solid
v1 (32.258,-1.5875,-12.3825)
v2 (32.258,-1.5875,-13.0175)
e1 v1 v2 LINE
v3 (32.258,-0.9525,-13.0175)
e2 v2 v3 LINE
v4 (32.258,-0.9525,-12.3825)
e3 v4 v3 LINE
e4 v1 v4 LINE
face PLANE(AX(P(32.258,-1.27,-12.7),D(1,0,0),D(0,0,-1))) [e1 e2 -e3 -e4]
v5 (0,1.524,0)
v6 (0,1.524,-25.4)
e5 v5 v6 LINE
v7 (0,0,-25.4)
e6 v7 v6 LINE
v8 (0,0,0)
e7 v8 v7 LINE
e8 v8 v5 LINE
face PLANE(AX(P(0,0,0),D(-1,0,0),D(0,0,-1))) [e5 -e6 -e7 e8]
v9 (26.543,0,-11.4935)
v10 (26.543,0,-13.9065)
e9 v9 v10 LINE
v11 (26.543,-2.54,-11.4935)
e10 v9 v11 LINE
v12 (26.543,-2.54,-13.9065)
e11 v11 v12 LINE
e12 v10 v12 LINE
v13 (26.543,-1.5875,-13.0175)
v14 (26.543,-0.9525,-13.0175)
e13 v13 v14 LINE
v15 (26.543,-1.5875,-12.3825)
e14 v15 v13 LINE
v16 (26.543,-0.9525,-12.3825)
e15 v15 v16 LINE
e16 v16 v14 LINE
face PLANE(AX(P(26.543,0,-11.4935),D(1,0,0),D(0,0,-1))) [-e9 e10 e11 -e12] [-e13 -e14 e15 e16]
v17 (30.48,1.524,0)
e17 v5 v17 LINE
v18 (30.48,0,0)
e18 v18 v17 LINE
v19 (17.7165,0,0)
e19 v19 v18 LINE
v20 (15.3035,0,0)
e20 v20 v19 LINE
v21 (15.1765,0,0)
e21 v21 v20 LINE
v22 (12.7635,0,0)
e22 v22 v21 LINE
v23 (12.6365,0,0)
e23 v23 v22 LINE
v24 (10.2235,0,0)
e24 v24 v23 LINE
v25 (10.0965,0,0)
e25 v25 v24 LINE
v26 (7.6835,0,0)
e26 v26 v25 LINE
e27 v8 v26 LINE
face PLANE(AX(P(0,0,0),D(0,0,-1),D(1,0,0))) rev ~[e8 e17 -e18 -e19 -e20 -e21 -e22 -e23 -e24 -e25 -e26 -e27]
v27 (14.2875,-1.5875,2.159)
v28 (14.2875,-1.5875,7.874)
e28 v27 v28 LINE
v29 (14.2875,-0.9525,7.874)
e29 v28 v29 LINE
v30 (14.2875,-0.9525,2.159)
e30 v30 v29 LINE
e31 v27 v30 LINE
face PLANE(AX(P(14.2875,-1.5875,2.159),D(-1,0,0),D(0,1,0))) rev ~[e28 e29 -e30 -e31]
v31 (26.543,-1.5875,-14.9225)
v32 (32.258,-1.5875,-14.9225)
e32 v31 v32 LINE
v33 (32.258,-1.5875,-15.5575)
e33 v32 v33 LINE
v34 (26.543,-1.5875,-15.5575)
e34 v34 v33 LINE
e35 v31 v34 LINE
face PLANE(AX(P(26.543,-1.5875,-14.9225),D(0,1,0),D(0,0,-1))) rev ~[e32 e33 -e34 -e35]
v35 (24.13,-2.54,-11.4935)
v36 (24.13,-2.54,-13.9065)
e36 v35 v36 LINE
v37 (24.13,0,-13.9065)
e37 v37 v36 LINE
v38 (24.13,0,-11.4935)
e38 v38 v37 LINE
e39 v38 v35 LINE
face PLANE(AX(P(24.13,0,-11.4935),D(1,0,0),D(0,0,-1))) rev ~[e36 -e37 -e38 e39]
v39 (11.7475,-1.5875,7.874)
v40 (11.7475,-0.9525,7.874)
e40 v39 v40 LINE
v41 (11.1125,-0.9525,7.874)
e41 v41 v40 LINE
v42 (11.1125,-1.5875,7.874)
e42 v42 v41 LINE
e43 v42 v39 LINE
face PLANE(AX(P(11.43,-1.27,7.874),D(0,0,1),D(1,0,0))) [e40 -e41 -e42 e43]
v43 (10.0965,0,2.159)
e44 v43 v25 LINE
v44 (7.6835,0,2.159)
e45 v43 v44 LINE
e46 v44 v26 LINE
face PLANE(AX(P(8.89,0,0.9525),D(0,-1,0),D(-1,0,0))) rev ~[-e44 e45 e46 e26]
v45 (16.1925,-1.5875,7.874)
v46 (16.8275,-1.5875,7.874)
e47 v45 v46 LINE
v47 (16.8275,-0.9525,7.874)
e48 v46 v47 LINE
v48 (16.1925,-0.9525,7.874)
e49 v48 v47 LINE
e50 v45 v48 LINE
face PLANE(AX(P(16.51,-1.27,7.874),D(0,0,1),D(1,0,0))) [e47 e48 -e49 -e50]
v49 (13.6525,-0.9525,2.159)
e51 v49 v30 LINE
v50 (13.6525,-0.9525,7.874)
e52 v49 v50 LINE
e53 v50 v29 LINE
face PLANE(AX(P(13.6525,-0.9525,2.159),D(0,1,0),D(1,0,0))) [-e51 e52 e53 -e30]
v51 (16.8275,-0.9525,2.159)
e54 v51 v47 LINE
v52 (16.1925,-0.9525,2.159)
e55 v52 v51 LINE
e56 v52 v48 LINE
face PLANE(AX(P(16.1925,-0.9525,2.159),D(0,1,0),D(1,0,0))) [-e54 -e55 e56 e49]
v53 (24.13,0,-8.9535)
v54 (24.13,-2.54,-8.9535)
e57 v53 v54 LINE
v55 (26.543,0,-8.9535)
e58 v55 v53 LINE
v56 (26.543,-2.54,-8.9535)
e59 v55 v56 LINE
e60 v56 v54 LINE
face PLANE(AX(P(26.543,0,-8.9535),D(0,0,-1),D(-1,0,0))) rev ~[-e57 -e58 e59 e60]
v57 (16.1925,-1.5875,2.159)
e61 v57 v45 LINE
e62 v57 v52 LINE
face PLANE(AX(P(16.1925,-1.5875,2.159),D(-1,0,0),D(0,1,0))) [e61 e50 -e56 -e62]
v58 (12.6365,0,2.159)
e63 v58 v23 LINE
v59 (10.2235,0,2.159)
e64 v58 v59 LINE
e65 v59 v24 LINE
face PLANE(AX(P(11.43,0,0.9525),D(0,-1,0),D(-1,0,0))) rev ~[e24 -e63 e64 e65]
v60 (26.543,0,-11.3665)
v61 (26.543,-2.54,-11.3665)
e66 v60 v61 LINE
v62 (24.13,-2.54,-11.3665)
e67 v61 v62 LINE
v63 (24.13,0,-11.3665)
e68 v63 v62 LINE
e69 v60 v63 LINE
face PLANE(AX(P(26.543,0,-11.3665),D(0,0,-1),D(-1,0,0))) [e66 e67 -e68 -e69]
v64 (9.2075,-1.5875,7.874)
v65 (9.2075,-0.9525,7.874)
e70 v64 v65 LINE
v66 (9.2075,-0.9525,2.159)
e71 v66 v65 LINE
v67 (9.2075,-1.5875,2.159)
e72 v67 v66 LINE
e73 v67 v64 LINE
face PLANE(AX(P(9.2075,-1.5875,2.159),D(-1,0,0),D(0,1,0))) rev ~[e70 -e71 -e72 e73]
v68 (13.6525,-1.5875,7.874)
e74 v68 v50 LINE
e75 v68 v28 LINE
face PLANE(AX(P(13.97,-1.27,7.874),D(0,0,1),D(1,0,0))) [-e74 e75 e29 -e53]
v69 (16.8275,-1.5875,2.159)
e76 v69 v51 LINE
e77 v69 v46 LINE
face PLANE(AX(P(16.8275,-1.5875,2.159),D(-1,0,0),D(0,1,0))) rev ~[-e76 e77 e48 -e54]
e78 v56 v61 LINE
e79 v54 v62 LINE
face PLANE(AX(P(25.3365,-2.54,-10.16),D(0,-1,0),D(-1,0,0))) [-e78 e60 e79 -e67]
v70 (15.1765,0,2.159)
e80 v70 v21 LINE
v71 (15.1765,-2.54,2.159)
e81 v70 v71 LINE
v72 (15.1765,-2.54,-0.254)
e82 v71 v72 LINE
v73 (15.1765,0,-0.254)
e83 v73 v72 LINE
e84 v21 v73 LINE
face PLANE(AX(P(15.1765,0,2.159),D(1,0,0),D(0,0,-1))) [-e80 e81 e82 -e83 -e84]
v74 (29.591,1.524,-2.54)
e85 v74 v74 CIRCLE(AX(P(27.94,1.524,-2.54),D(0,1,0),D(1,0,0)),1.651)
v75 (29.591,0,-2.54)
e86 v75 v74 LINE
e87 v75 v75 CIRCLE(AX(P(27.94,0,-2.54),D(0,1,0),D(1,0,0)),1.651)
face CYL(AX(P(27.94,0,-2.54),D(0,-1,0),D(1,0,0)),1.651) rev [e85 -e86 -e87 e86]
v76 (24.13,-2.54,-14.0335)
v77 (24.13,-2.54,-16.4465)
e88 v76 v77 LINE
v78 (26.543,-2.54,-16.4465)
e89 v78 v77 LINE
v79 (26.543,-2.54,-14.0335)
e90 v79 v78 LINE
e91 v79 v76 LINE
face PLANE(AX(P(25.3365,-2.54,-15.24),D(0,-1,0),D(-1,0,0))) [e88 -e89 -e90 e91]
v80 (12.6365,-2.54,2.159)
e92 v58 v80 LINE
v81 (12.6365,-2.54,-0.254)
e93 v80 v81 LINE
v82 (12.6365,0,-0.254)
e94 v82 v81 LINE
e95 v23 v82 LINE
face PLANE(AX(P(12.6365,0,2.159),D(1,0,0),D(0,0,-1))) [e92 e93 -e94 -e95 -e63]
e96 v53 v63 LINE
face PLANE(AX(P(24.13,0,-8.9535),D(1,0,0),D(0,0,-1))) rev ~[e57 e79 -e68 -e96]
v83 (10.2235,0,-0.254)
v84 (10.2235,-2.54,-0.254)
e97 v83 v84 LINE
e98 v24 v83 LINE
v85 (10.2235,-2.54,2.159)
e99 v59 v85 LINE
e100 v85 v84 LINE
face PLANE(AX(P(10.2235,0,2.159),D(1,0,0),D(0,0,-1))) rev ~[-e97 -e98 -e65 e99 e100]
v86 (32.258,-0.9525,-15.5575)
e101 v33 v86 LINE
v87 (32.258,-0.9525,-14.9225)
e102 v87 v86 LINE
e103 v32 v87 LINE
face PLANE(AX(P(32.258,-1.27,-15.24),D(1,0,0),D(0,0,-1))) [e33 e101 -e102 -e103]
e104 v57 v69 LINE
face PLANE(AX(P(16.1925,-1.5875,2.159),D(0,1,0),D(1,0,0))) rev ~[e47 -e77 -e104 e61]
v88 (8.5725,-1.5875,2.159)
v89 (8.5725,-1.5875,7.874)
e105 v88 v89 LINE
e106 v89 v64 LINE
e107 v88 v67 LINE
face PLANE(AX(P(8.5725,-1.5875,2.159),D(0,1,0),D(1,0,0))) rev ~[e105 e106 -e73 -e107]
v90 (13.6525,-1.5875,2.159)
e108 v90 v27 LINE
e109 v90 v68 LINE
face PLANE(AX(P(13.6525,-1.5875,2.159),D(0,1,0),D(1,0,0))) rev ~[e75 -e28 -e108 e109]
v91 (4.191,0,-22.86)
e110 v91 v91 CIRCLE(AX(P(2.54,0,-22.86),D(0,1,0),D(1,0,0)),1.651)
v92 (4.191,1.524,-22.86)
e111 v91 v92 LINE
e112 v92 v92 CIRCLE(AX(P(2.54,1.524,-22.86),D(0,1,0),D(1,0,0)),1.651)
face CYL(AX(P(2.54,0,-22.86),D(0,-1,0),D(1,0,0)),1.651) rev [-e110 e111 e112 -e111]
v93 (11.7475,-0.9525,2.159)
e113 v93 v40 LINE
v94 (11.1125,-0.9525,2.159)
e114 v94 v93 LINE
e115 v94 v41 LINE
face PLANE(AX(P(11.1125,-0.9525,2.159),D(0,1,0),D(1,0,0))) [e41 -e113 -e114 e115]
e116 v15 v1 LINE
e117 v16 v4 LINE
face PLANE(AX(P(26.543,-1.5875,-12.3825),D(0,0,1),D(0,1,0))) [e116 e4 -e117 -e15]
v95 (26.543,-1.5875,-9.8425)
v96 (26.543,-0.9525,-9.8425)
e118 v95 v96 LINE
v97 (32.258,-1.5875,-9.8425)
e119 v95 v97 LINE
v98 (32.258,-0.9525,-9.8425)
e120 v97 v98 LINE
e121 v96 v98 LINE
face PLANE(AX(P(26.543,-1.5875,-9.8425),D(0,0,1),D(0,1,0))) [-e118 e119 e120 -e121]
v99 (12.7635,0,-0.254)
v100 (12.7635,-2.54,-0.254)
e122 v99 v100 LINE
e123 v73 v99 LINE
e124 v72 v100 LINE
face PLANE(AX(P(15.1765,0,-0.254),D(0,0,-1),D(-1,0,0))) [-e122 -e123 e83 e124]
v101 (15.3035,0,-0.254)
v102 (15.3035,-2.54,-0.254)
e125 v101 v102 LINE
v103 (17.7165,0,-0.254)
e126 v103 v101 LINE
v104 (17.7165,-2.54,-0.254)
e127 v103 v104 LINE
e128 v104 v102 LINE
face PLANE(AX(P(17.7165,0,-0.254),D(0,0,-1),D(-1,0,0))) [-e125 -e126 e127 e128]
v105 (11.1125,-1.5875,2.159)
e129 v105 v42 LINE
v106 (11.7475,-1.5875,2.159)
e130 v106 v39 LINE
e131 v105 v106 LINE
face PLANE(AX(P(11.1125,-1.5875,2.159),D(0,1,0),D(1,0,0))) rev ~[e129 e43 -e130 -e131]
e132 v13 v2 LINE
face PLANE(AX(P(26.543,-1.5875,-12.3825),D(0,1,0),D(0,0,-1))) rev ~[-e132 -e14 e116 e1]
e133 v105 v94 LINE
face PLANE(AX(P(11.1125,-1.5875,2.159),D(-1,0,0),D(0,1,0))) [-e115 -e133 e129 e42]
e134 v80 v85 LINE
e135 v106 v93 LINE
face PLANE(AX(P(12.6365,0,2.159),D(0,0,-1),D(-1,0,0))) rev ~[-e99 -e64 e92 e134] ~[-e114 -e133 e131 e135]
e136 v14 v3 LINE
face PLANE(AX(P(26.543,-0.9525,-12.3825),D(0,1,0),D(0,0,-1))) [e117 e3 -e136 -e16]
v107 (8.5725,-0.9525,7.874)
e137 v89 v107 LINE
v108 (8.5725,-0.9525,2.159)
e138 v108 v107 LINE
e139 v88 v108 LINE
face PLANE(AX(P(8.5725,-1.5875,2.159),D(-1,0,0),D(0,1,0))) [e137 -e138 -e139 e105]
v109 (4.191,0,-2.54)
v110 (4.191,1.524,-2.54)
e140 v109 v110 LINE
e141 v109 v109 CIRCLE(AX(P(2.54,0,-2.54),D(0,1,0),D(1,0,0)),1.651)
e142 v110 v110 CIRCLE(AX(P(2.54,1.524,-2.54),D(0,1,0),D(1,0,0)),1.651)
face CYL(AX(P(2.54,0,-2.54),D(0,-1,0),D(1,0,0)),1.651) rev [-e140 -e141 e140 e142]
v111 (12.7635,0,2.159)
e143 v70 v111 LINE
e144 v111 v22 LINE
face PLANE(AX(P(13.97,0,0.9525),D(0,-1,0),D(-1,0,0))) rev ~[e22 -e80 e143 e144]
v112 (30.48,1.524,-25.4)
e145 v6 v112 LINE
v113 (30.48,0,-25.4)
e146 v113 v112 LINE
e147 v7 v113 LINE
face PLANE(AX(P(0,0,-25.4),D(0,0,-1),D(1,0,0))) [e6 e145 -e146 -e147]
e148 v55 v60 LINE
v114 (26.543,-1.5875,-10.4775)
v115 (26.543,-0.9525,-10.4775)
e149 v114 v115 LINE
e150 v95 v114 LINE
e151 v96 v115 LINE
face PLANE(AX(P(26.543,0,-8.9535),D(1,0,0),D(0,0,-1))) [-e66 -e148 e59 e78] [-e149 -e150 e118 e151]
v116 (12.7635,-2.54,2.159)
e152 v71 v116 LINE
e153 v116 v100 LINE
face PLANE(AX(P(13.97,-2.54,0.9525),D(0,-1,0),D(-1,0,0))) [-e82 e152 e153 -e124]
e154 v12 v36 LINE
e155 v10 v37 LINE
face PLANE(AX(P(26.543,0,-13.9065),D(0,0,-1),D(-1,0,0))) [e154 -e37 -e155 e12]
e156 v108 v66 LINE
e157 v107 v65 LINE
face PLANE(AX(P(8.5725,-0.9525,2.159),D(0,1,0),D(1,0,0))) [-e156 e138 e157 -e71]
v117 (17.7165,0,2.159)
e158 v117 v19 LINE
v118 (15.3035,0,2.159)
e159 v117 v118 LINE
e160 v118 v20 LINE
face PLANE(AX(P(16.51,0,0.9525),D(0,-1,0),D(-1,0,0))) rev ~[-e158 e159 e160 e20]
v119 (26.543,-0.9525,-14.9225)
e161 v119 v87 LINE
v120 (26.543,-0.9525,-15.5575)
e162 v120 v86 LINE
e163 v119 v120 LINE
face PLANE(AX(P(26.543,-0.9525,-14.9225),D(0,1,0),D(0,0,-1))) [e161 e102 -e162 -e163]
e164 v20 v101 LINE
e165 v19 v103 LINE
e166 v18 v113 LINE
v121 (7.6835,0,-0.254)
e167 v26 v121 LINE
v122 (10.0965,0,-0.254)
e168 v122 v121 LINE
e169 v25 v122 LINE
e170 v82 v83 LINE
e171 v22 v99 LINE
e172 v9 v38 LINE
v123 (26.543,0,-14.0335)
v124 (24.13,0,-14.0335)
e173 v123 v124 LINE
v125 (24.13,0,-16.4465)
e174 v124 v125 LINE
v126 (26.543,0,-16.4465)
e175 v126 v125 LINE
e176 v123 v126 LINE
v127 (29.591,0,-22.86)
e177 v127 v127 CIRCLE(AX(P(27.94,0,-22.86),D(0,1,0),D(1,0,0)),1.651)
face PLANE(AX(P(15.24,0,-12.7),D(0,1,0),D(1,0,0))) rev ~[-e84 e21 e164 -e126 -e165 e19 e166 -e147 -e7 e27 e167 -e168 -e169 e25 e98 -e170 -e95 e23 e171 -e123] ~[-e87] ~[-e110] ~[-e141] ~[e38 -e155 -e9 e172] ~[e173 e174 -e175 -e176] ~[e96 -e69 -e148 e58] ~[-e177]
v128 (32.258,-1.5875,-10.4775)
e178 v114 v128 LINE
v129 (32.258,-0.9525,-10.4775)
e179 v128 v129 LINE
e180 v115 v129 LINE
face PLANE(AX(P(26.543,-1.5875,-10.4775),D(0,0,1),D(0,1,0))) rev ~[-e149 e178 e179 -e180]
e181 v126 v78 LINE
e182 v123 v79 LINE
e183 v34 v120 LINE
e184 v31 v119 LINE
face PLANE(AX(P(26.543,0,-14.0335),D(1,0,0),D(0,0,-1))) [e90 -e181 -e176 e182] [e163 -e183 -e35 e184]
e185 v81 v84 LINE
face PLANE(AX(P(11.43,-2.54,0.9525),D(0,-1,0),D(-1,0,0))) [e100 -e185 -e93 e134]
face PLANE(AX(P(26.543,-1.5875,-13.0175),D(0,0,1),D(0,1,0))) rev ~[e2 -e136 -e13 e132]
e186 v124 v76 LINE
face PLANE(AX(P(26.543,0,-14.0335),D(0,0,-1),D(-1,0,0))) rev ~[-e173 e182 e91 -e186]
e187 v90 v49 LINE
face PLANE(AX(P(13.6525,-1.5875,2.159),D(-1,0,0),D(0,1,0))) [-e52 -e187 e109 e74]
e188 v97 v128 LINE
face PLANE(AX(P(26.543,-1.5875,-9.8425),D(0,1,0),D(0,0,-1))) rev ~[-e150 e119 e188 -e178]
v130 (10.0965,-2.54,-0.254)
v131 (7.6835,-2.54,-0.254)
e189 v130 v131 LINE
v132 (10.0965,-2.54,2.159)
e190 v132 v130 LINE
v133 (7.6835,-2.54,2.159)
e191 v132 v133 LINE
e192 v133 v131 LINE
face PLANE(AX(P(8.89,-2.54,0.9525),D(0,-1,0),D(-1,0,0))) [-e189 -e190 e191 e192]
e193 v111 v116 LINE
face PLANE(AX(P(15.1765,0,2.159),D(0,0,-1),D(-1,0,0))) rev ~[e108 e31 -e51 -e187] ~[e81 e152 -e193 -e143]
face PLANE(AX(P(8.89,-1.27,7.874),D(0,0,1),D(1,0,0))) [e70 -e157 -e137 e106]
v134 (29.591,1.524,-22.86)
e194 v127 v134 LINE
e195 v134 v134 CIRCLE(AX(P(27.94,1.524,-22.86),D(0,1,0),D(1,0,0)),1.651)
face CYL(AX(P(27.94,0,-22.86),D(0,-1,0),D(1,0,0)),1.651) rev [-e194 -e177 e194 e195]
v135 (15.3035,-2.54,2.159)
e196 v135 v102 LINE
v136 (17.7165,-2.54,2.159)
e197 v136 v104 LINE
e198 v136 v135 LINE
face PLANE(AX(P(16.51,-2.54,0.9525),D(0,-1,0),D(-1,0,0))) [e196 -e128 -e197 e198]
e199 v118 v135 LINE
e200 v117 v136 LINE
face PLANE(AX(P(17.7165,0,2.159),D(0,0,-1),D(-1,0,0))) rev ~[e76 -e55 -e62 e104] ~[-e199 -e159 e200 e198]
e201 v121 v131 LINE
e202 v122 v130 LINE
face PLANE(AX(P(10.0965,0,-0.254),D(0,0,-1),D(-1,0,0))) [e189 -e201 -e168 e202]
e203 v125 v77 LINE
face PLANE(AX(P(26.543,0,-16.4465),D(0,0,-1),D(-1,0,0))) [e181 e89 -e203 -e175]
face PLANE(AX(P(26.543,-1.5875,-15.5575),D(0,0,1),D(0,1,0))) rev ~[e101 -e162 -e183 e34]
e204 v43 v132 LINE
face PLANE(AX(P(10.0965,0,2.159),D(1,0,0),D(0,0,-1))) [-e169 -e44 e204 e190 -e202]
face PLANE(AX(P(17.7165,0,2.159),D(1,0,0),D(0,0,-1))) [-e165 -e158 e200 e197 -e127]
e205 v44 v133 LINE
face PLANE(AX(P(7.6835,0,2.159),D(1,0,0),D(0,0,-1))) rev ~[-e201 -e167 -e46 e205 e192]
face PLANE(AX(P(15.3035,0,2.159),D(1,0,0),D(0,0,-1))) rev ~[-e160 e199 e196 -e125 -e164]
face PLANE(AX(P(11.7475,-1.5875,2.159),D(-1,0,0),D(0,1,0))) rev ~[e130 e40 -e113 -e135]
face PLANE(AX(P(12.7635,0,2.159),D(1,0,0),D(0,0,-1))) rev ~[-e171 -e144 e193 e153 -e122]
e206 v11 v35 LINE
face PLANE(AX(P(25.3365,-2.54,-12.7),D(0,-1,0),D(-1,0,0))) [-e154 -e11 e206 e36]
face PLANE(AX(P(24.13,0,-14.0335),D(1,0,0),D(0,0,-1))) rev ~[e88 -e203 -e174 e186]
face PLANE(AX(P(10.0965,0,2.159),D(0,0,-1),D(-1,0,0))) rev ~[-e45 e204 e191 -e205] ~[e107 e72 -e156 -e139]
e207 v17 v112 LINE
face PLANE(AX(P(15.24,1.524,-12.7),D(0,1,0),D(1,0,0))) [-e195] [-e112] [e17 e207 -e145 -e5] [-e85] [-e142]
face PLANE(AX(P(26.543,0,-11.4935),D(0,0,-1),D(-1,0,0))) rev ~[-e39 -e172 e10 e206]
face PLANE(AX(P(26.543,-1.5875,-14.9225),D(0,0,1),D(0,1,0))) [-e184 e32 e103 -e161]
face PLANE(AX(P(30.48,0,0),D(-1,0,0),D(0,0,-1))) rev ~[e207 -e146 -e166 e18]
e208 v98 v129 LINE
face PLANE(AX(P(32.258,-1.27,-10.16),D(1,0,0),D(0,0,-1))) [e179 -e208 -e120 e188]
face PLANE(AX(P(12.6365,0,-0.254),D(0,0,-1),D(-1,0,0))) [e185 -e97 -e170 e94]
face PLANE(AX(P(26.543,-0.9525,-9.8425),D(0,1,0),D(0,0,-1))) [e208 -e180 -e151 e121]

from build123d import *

# Parameters (mm, degrees)
SKETCH1_W           = 30.48
SKETCH1_H           = 25.4
SKETCH1_R           = 1.651
BOSS_EXTRUDE1_DEPTH = 1.524
SKETCH3_W           = 2.413
SKETCH3_H           = 2.413
BOSS_EXTRUDE2_DEPTH = 2.54
SKETCH4_W           = 0.635
SKETCH4_H           = 0.635
BOSS_EXTRUDE3_DEPTH = 5.715
SKETCH5_W           = 0.635
SKETCH5_H           = 0.635
BOSS_EXTRUDE4_DEPTH = 5.715


with BuildPart() as part:
    # Sketch1 → Boss-Extrude1 (new body)
    with BuildSketch(Plane(origin=(0, 0, 0), x_dir=(1, 0, 0), z_dir=(0, 1, 0))):
        with Locations((15.24, 12.7)):
            Rectangle(SKETCH1_W, SKETCH1_H)
        with Locations((2.54, 22.86)):
            Circle(SKETCH1_R, mode=Mode.SUBTRACT)
        with Locations((27.94, 22.86)):
            Circle(SKETCH1_R, mode=Mode.SUBTRACT)
        with Locations((27.94, 2.54)):
            Circle(SKETCH1_R, mode=Mode.SUBTRACT)
        with Locations((2.54, 2.54)):
            Circle(SKETCH1_R, mode=Mode.SUBTRACT)
    extrude(amount=BOSS_EXTRUDE1_DEPTH)

    # Sketch3 → Boss-Extrude2 (add)
    with BuildSketch(Plane(origin=(0, 0, 0), x_dir=(-1, 0, 0), z_dir=(0, -1, 0))):
        with Locations((-25.3365, 10.16)):
            Rectangle(SKETCH3_W, SKETCH3_H)
        with Locations((-25.3365, 12.7)):
            Rectangle(SKETCH3_W, SKETCH3_H)
        with Locations((-25.3365, 15.24)):
            Rectangle(SKETCH3_W, SKETCH3_H)
        with Locations((-16.51, -0.9525)):
            Rectangle(SKETCH3_W, SKETCH3_H)
        with Locations((-13.97, -0.9525)):
            Rectangle(SKETCH3_W, SKETCH3_H)
        with Locations((-11.43, -0.9525)):
            Rectangle(SKETCH3_W, SKETCH3_H)
        with Locations((-8.89, -0.9525)):
            Rectangle(SKETCH3_W, SKETCH3_H)
    extrude(amount=BOSS_EXTRUDE2_DEPTH)

    # Sketch4 → Boss-Extrude3 (add)
    with BuildSketch(Plane.XY.offset(2.159)):
        with Locations((8.89, -1.27)):
            Rectangle(SKETCH4_W, SKETCH4_H)
        with Locations((11.43, -1.27)):
            Rectangle(SKETCH4_W, SKETCH4_H)
        with Locations((13.97, -1.27)):
            Rectangle(SKETCH4_W, SKETCH4_H)
        with Locations((16.51, -1.27)):
            Rectangle(SKETCH4_W, SKETCH4_H)
    extrude(amount=BOSS_EXTRUDE3_DEPTH)

    # Sketch5 → Boss-Extrude4 (add)
    with BuildSketch(Plane(origin=(26.543, 0, 0), x_dir=(0, 0, -1), z_dir=(1, 0, 0))):
        with Locations((10.16, -1.27)):
            Rectangle(SKETCH5_W, SKETCH5_H)
        with Locations((12.7, -1.27)):
            Rectangle(SKETCH5_W, SKETCH5_H)
        with Locations((15.24, -1.27)):
            Rectangle(SKETCH5_W, SKETCH5_H)
    extrude(amount=BOSS_EXTRUDE4_DEPTH)


solid = part.part
